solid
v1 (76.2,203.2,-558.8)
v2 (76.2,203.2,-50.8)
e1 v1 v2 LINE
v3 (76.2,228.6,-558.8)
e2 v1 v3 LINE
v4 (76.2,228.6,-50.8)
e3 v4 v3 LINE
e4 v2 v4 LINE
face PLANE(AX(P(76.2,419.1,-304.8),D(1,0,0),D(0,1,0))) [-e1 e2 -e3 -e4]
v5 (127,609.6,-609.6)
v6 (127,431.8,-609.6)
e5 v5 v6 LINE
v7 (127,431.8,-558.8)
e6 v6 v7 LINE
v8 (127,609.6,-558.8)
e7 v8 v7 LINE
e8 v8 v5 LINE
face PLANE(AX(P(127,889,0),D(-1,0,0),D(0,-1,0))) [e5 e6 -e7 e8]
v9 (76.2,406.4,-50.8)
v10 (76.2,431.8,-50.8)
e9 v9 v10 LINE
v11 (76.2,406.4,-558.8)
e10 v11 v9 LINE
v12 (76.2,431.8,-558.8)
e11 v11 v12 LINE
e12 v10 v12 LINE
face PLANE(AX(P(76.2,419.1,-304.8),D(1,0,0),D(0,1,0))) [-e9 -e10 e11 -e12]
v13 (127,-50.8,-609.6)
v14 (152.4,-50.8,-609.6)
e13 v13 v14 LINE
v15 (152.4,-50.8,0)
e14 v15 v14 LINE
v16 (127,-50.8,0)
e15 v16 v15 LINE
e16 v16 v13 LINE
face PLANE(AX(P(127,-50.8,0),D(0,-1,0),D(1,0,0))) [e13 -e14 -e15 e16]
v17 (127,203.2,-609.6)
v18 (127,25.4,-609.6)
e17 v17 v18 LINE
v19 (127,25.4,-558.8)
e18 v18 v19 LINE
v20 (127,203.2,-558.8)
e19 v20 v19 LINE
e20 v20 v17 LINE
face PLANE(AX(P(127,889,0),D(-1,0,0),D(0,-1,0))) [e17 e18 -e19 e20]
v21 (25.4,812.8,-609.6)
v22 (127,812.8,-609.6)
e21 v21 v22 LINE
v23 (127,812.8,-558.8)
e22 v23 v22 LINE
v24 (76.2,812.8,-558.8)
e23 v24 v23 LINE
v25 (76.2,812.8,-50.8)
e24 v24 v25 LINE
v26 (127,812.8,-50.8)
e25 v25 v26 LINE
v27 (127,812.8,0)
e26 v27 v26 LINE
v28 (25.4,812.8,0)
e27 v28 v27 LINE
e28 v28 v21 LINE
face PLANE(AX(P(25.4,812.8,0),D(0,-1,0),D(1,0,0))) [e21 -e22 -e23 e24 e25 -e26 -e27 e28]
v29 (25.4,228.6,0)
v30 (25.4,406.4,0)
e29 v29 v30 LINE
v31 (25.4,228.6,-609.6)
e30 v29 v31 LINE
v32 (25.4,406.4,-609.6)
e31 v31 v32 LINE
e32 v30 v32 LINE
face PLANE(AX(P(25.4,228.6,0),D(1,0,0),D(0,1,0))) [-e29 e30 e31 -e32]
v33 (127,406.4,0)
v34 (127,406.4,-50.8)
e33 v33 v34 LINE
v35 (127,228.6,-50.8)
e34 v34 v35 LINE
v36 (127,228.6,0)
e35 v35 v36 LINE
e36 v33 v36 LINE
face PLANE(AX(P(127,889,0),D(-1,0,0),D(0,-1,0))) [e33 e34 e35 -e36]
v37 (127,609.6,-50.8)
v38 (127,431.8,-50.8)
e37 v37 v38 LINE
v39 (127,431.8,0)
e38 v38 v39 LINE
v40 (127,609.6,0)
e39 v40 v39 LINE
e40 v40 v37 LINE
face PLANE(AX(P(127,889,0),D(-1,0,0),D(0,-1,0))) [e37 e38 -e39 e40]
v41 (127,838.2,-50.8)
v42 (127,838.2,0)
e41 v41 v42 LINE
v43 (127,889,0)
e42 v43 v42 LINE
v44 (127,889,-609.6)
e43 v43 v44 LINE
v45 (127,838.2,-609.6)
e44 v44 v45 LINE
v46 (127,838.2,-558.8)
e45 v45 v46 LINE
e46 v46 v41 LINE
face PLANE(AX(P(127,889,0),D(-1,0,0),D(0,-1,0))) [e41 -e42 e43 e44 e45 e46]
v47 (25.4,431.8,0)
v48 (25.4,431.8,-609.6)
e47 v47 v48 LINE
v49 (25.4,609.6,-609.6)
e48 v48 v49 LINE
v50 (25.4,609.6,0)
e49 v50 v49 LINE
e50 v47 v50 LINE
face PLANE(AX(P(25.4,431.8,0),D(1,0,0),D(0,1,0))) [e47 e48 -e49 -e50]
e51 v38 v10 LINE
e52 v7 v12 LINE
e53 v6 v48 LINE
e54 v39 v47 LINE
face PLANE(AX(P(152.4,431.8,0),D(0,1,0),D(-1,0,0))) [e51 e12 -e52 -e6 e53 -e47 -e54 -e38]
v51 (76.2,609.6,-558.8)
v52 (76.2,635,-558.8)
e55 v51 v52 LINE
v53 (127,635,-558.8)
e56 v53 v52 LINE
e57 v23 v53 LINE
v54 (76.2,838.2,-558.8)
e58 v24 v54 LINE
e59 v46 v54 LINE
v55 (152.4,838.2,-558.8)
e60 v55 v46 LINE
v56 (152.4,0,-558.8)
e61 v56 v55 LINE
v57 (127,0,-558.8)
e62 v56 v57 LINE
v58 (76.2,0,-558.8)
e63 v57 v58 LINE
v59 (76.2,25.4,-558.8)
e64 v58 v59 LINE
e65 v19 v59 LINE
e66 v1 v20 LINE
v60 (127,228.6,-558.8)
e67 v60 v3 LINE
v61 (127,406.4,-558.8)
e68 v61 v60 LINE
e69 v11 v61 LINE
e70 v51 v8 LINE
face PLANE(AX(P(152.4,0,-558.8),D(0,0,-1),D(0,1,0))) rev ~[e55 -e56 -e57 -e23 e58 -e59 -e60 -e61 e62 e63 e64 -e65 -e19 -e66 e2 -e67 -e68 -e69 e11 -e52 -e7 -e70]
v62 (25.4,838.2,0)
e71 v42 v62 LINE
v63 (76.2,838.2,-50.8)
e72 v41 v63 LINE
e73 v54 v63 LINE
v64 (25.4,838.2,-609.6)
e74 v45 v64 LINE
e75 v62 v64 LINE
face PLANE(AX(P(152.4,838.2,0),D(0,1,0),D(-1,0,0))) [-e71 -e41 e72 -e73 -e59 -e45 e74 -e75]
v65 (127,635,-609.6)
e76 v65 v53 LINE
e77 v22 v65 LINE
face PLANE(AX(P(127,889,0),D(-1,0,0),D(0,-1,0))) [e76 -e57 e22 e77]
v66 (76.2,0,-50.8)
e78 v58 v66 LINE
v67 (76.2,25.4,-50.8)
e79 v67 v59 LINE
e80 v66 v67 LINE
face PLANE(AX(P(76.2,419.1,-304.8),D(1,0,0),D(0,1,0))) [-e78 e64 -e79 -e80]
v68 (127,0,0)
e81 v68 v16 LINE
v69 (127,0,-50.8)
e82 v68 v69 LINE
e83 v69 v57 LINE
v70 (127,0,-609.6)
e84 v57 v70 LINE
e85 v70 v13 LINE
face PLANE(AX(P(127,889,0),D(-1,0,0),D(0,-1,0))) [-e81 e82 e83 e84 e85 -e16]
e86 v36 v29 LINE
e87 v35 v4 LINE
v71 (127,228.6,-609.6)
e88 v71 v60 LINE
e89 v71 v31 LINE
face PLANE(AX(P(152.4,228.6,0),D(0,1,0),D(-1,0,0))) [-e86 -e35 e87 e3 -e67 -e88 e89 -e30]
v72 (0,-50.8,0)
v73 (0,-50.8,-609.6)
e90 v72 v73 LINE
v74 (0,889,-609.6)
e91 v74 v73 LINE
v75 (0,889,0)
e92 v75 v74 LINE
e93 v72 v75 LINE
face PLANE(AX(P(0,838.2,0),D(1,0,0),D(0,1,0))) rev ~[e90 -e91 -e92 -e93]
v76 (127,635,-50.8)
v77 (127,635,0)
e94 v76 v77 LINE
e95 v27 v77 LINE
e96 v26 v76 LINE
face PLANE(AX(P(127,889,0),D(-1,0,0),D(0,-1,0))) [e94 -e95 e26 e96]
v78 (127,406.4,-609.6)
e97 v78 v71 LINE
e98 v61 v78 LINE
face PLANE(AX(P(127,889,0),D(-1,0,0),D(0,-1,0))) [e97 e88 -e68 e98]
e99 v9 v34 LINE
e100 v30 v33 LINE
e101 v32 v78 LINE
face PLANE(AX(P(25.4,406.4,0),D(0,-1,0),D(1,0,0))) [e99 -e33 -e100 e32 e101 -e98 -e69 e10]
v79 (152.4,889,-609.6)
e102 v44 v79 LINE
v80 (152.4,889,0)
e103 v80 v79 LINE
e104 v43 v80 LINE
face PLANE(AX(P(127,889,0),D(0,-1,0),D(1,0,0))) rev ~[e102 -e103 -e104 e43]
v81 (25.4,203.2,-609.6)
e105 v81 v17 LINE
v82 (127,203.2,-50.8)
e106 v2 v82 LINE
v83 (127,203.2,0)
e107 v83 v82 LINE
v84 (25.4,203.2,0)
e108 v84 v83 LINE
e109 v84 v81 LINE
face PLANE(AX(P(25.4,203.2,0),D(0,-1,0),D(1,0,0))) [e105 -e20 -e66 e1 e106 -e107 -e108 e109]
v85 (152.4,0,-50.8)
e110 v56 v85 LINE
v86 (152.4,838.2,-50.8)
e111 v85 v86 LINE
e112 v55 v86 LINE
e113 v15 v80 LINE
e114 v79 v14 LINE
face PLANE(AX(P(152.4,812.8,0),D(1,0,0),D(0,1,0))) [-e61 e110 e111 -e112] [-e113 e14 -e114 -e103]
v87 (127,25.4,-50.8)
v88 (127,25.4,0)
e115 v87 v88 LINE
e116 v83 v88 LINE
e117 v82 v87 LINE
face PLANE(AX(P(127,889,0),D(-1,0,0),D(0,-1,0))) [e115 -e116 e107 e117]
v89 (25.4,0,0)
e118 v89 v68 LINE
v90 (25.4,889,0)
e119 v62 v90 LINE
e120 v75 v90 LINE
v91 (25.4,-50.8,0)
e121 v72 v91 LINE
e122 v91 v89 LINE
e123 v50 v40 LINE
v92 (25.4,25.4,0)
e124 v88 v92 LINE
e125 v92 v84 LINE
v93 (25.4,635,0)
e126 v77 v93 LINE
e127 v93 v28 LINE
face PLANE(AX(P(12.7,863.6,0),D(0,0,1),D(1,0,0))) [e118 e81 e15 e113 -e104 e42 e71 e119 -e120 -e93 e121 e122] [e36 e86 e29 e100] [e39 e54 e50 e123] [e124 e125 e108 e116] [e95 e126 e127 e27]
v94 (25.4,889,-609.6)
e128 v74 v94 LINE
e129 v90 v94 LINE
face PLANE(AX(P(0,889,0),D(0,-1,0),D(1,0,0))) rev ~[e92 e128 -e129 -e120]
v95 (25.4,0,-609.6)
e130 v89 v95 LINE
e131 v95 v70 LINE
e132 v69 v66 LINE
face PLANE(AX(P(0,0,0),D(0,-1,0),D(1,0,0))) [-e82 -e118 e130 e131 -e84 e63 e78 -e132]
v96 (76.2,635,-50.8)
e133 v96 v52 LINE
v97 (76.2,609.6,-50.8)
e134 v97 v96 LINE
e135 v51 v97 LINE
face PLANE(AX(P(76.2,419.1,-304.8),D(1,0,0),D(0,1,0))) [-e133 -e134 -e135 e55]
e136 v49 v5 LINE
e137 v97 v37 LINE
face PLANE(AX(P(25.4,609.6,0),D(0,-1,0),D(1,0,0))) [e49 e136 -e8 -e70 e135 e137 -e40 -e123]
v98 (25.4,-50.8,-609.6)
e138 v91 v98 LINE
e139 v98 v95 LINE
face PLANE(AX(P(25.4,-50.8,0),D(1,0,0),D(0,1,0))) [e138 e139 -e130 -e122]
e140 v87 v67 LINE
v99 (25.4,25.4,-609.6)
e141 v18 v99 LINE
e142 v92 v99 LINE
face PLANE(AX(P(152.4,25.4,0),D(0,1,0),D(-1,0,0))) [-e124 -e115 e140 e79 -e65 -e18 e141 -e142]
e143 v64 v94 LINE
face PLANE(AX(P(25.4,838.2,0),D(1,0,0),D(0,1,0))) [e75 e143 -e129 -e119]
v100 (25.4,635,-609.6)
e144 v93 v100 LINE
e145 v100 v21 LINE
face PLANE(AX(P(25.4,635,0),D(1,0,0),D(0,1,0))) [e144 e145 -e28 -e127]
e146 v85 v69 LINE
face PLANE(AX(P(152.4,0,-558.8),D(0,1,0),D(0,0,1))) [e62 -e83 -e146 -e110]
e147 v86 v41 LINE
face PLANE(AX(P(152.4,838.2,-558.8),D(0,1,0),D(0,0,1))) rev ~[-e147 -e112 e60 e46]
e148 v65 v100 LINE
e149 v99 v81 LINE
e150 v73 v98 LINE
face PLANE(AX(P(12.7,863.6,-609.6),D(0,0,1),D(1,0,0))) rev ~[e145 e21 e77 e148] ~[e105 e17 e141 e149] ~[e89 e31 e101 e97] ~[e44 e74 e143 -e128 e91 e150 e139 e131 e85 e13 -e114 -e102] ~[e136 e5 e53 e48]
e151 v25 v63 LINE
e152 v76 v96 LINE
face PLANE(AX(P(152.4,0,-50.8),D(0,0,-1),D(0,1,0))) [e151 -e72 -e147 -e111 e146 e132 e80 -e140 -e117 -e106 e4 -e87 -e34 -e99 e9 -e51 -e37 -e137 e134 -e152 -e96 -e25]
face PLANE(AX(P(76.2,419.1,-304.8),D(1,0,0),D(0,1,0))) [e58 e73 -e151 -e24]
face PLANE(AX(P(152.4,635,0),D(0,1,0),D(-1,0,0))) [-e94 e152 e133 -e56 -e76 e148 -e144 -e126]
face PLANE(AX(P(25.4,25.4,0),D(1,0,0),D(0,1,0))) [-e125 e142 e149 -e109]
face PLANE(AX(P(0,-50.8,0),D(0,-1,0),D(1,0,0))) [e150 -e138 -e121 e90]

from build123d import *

# Parameters (mm, degrees)
F1_DEPTH = 609.6
F2_W     = 25.4
F2_H     = 50.8
F2_H_2   = 838.2
F3_DEPTH = 609.6
F4_W     = 838.2
F4_H     = 508
F5_DEPTH = 76.2


with BuildPart() as f1:
    # F0 (on Top) → F1 (new body)
    with BuildSketch(Plane.XY):
        Polygon((152.4, 838.2), (0, 838.2), (0, 419.1), (0, 0), (152.4, 0), (152.4, 25.4), (25.4, 25.4), (25.4, 203.2), (152.4, 203.2), (152.4, 215.9), (152.4, 228.6), (25.4, 228.6), (25.4, 406.4), (152.4, 406.4), (152.4, 419.1), (152.4, 431.8), (25.4, 431.8), (25.4, 609.6), (152.4, 609.6), (152.4, 622.3), (152.4, 635), (25.4, 635), (25.4, 812.8), (152.4, 812.8), align=None)
    extrude(amount=-F1_DEPTH)

    # F2 (on face) → F3 (join)
    with BuildSketch(Plane.XY):
        with Locations((12.7, 863.6)):
            Rectangle(F2_W, F2_H)
        with Locations((12.7, -25.4)):
            Rectangle(F2_W, F2_H)
        with Locations((139.7, 419.1)):
            Rectangle(F2_W, F2_H_2)
        with Locations((139.7, 863.6)):
            Rectangle(F2_W, F2_H)
        with Locations((139.7, -25.4)):
            Rectangle(F2_W, F2_H)
    extrude(amount=-F3_DEPTH)

    # F4 (on face) → F5 (cut)
    with BuildSketch(Plane.YZ.offset(152.4)):
        with Locations((419.1, -304.8)):
            Rectangle(F4_W, F4_H)
    extrude(amount=-F5_DEPTH, mode=Mode.SUBTRACT)


solid = f1.part
